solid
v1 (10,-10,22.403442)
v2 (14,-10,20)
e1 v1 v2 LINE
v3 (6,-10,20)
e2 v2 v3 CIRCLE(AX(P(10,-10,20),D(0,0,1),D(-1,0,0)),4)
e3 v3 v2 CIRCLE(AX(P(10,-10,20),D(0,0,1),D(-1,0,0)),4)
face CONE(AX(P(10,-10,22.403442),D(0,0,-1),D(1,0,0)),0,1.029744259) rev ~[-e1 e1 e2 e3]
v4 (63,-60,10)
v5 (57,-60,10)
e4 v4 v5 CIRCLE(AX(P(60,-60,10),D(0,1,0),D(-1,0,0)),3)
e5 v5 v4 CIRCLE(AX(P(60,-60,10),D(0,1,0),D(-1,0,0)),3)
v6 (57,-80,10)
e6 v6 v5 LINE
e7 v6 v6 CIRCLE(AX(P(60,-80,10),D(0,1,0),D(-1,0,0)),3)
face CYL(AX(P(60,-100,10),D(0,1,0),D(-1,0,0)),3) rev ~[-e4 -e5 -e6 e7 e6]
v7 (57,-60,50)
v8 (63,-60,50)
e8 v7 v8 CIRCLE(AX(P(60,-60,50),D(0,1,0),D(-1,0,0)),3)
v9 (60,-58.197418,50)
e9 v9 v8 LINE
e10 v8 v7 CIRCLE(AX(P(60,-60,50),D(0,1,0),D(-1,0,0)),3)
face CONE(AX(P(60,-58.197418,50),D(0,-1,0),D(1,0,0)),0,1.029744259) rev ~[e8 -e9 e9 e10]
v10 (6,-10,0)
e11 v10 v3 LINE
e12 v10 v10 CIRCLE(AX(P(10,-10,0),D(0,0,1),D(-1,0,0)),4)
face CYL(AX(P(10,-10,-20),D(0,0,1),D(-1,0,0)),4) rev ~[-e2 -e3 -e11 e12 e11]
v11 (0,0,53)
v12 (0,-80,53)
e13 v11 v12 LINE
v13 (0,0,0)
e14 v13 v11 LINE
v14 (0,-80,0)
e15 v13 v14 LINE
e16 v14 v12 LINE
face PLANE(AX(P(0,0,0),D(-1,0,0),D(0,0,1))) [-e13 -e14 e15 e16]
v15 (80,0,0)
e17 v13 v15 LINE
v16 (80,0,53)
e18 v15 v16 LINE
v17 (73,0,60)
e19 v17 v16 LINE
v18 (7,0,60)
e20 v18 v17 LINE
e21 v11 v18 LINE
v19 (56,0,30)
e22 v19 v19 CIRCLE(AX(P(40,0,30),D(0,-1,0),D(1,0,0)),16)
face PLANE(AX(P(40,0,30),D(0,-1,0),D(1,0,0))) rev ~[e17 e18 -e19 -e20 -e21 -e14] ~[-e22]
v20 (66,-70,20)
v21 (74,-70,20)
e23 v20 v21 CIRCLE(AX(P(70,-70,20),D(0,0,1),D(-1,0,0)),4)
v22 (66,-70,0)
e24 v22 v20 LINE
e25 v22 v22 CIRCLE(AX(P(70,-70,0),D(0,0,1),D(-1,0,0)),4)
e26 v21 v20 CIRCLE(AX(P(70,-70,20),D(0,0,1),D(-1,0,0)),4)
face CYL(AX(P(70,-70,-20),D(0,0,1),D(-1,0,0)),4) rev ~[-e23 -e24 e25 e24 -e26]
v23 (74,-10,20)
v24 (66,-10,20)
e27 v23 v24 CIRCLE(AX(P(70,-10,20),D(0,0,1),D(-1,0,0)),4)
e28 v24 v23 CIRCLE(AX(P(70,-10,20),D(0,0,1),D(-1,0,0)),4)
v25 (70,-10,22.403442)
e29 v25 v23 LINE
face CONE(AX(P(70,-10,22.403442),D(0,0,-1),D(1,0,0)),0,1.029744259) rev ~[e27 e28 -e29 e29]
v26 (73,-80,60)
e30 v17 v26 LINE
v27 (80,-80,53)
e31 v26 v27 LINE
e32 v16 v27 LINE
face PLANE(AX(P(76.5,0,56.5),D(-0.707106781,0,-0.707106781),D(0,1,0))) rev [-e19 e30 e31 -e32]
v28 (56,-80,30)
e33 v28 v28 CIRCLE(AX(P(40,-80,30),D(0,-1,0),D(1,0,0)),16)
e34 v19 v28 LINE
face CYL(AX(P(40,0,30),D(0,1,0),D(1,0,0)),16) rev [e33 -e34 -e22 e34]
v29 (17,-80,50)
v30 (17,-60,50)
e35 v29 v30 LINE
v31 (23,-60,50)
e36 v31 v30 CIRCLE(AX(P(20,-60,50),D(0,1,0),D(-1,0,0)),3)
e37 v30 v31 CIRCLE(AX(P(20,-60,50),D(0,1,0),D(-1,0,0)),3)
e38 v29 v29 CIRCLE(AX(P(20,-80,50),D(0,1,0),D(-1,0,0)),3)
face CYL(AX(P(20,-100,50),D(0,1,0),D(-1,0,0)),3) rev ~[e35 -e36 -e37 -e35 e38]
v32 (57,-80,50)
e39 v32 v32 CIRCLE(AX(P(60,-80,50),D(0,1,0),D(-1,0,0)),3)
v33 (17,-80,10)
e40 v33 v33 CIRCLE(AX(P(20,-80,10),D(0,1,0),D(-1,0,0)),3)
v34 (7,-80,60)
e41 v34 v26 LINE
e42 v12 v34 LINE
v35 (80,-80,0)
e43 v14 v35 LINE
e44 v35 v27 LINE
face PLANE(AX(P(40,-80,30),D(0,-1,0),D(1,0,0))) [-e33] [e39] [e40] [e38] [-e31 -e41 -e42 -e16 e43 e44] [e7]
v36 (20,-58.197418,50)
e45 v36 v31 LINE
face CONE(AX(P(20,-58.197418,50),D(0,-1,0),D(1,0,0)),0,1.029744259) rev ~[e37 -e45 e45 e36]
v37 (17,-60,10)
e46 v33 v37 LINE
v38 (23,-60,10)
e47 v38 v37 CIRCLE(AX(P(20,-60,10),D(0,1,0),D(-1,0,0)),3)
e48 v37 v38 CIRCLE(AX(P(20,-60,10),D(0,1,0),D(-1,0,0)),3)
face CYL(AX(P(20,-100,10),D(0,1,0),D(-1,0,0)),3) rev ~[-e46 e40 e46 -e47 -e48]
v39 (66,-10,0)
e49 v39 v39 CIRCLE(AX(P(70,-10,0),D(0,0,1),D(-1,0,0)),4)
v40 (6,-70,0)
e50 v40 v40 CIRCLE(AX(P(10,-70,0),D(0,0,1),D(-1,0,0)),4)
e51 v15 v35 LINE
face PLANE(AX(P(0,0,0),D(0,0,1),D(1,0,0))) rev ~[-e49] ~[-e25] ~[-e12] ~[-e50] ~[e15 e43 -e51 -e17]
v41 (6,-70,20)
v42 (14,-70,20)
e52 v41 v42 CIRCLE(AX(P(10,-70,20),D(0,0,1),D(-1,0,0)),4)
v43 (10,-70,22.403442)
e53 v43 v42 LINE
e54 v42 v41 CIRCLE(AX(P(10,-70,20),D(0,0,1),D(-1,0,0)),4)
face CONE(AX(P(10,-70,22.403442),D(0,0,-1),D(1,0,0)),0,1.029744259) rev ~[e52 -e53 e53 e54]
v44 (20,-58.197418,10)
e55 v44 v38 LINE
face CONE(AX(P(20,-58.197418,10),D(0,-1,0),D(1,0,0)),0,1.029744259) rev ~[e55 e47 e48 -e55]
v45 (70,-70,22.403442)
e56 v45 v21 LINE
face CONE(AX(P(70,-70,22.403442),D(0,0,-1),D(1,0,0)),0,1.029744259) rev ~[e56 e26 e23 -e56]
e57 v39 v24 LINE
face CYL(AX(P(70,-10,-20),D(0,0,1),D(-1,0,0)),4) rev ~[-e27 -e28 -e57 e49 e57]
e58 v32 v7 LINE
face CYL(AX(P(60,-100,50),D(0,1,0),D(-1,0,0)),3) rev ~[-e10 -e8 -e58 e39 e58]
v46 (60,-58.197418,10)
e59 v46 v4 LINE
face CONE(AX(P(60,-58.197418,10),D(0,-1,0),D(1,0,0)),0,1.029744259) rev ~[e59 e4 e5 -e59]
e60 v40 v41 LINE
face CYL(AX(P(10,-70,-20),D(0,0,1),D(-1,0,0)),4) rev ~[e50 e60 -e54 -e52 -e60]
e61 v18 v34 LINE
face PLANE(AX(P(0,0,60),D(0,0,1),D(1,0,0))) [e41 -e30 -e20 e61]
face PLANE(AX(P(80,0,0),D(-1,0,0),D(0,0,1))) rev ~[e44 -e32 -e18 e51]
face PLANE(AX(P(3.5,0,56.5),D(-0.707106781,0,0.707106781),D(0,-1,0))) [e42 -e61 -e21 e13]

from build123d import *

# Parameters (mm, degrees)
F0_W     = 80
F0_H     = 60
F0_R     = 16
F1_DEPTH = 80
F2_SIZE  = 7
F4_D     = 6
F4_DEPTH = 20
F4_TIP   = 1.8025818571
F6_D     = 8
F6_DEPTH = 20
F6_TIP   = 2.4034424761


with BuildPart() as f1:
    # F0 (on Front) → F1 (new body)
    with BuildSketch(Plane.XZ):
        with Locations((40, 30)):
            Rectangle(F0_W, F0_H)
        with Locations((40, 30)):
            Circle(F0_R, mode=Mode.SUBTRACT)
    extrude(amount=F1_DEPTH)

    # F2
    f2_edges = [f1.edges().sort_by_distance(p)[0] for p in [
        (0, -40, 60),
        (80, -40, 60),
    ]]
    chamfer(f2_edges, length=F2_SIZE)

    # F4
    with Locations(Plane.XZ.offset(80)):
        with Locations((20, 50), (60, 50), (60, 10), (20, 10)):
            Hole(F4_D / 2, depth=F4_DEPTH)
            with Locations((0, 0, -(F4_DEPTH + F4_TIP / 2))):  # 118° drill point
                Cone(0, F4_D / 2, F4_TIP, mode=Mode.SUBTRACT)

    # F6
    with Locations(Plane(origin=(0, 0, 0), x_dir=(1, 0, 0), z_dir=(0, 0, -1))):
        with Locations((10, 70), (70, 70), (70, 10), (10, 10)):
            Hole(F6_D / 2, depth=F6_DEPTH)
            with Locations((0, 0, -(F6_DEPTH + F6_TIP / 2))):  # 118° drill point
                Cone(0, F6_D / 2, F6_TIP, mode=Mode.SUBTRACT)


solid = f1.part
